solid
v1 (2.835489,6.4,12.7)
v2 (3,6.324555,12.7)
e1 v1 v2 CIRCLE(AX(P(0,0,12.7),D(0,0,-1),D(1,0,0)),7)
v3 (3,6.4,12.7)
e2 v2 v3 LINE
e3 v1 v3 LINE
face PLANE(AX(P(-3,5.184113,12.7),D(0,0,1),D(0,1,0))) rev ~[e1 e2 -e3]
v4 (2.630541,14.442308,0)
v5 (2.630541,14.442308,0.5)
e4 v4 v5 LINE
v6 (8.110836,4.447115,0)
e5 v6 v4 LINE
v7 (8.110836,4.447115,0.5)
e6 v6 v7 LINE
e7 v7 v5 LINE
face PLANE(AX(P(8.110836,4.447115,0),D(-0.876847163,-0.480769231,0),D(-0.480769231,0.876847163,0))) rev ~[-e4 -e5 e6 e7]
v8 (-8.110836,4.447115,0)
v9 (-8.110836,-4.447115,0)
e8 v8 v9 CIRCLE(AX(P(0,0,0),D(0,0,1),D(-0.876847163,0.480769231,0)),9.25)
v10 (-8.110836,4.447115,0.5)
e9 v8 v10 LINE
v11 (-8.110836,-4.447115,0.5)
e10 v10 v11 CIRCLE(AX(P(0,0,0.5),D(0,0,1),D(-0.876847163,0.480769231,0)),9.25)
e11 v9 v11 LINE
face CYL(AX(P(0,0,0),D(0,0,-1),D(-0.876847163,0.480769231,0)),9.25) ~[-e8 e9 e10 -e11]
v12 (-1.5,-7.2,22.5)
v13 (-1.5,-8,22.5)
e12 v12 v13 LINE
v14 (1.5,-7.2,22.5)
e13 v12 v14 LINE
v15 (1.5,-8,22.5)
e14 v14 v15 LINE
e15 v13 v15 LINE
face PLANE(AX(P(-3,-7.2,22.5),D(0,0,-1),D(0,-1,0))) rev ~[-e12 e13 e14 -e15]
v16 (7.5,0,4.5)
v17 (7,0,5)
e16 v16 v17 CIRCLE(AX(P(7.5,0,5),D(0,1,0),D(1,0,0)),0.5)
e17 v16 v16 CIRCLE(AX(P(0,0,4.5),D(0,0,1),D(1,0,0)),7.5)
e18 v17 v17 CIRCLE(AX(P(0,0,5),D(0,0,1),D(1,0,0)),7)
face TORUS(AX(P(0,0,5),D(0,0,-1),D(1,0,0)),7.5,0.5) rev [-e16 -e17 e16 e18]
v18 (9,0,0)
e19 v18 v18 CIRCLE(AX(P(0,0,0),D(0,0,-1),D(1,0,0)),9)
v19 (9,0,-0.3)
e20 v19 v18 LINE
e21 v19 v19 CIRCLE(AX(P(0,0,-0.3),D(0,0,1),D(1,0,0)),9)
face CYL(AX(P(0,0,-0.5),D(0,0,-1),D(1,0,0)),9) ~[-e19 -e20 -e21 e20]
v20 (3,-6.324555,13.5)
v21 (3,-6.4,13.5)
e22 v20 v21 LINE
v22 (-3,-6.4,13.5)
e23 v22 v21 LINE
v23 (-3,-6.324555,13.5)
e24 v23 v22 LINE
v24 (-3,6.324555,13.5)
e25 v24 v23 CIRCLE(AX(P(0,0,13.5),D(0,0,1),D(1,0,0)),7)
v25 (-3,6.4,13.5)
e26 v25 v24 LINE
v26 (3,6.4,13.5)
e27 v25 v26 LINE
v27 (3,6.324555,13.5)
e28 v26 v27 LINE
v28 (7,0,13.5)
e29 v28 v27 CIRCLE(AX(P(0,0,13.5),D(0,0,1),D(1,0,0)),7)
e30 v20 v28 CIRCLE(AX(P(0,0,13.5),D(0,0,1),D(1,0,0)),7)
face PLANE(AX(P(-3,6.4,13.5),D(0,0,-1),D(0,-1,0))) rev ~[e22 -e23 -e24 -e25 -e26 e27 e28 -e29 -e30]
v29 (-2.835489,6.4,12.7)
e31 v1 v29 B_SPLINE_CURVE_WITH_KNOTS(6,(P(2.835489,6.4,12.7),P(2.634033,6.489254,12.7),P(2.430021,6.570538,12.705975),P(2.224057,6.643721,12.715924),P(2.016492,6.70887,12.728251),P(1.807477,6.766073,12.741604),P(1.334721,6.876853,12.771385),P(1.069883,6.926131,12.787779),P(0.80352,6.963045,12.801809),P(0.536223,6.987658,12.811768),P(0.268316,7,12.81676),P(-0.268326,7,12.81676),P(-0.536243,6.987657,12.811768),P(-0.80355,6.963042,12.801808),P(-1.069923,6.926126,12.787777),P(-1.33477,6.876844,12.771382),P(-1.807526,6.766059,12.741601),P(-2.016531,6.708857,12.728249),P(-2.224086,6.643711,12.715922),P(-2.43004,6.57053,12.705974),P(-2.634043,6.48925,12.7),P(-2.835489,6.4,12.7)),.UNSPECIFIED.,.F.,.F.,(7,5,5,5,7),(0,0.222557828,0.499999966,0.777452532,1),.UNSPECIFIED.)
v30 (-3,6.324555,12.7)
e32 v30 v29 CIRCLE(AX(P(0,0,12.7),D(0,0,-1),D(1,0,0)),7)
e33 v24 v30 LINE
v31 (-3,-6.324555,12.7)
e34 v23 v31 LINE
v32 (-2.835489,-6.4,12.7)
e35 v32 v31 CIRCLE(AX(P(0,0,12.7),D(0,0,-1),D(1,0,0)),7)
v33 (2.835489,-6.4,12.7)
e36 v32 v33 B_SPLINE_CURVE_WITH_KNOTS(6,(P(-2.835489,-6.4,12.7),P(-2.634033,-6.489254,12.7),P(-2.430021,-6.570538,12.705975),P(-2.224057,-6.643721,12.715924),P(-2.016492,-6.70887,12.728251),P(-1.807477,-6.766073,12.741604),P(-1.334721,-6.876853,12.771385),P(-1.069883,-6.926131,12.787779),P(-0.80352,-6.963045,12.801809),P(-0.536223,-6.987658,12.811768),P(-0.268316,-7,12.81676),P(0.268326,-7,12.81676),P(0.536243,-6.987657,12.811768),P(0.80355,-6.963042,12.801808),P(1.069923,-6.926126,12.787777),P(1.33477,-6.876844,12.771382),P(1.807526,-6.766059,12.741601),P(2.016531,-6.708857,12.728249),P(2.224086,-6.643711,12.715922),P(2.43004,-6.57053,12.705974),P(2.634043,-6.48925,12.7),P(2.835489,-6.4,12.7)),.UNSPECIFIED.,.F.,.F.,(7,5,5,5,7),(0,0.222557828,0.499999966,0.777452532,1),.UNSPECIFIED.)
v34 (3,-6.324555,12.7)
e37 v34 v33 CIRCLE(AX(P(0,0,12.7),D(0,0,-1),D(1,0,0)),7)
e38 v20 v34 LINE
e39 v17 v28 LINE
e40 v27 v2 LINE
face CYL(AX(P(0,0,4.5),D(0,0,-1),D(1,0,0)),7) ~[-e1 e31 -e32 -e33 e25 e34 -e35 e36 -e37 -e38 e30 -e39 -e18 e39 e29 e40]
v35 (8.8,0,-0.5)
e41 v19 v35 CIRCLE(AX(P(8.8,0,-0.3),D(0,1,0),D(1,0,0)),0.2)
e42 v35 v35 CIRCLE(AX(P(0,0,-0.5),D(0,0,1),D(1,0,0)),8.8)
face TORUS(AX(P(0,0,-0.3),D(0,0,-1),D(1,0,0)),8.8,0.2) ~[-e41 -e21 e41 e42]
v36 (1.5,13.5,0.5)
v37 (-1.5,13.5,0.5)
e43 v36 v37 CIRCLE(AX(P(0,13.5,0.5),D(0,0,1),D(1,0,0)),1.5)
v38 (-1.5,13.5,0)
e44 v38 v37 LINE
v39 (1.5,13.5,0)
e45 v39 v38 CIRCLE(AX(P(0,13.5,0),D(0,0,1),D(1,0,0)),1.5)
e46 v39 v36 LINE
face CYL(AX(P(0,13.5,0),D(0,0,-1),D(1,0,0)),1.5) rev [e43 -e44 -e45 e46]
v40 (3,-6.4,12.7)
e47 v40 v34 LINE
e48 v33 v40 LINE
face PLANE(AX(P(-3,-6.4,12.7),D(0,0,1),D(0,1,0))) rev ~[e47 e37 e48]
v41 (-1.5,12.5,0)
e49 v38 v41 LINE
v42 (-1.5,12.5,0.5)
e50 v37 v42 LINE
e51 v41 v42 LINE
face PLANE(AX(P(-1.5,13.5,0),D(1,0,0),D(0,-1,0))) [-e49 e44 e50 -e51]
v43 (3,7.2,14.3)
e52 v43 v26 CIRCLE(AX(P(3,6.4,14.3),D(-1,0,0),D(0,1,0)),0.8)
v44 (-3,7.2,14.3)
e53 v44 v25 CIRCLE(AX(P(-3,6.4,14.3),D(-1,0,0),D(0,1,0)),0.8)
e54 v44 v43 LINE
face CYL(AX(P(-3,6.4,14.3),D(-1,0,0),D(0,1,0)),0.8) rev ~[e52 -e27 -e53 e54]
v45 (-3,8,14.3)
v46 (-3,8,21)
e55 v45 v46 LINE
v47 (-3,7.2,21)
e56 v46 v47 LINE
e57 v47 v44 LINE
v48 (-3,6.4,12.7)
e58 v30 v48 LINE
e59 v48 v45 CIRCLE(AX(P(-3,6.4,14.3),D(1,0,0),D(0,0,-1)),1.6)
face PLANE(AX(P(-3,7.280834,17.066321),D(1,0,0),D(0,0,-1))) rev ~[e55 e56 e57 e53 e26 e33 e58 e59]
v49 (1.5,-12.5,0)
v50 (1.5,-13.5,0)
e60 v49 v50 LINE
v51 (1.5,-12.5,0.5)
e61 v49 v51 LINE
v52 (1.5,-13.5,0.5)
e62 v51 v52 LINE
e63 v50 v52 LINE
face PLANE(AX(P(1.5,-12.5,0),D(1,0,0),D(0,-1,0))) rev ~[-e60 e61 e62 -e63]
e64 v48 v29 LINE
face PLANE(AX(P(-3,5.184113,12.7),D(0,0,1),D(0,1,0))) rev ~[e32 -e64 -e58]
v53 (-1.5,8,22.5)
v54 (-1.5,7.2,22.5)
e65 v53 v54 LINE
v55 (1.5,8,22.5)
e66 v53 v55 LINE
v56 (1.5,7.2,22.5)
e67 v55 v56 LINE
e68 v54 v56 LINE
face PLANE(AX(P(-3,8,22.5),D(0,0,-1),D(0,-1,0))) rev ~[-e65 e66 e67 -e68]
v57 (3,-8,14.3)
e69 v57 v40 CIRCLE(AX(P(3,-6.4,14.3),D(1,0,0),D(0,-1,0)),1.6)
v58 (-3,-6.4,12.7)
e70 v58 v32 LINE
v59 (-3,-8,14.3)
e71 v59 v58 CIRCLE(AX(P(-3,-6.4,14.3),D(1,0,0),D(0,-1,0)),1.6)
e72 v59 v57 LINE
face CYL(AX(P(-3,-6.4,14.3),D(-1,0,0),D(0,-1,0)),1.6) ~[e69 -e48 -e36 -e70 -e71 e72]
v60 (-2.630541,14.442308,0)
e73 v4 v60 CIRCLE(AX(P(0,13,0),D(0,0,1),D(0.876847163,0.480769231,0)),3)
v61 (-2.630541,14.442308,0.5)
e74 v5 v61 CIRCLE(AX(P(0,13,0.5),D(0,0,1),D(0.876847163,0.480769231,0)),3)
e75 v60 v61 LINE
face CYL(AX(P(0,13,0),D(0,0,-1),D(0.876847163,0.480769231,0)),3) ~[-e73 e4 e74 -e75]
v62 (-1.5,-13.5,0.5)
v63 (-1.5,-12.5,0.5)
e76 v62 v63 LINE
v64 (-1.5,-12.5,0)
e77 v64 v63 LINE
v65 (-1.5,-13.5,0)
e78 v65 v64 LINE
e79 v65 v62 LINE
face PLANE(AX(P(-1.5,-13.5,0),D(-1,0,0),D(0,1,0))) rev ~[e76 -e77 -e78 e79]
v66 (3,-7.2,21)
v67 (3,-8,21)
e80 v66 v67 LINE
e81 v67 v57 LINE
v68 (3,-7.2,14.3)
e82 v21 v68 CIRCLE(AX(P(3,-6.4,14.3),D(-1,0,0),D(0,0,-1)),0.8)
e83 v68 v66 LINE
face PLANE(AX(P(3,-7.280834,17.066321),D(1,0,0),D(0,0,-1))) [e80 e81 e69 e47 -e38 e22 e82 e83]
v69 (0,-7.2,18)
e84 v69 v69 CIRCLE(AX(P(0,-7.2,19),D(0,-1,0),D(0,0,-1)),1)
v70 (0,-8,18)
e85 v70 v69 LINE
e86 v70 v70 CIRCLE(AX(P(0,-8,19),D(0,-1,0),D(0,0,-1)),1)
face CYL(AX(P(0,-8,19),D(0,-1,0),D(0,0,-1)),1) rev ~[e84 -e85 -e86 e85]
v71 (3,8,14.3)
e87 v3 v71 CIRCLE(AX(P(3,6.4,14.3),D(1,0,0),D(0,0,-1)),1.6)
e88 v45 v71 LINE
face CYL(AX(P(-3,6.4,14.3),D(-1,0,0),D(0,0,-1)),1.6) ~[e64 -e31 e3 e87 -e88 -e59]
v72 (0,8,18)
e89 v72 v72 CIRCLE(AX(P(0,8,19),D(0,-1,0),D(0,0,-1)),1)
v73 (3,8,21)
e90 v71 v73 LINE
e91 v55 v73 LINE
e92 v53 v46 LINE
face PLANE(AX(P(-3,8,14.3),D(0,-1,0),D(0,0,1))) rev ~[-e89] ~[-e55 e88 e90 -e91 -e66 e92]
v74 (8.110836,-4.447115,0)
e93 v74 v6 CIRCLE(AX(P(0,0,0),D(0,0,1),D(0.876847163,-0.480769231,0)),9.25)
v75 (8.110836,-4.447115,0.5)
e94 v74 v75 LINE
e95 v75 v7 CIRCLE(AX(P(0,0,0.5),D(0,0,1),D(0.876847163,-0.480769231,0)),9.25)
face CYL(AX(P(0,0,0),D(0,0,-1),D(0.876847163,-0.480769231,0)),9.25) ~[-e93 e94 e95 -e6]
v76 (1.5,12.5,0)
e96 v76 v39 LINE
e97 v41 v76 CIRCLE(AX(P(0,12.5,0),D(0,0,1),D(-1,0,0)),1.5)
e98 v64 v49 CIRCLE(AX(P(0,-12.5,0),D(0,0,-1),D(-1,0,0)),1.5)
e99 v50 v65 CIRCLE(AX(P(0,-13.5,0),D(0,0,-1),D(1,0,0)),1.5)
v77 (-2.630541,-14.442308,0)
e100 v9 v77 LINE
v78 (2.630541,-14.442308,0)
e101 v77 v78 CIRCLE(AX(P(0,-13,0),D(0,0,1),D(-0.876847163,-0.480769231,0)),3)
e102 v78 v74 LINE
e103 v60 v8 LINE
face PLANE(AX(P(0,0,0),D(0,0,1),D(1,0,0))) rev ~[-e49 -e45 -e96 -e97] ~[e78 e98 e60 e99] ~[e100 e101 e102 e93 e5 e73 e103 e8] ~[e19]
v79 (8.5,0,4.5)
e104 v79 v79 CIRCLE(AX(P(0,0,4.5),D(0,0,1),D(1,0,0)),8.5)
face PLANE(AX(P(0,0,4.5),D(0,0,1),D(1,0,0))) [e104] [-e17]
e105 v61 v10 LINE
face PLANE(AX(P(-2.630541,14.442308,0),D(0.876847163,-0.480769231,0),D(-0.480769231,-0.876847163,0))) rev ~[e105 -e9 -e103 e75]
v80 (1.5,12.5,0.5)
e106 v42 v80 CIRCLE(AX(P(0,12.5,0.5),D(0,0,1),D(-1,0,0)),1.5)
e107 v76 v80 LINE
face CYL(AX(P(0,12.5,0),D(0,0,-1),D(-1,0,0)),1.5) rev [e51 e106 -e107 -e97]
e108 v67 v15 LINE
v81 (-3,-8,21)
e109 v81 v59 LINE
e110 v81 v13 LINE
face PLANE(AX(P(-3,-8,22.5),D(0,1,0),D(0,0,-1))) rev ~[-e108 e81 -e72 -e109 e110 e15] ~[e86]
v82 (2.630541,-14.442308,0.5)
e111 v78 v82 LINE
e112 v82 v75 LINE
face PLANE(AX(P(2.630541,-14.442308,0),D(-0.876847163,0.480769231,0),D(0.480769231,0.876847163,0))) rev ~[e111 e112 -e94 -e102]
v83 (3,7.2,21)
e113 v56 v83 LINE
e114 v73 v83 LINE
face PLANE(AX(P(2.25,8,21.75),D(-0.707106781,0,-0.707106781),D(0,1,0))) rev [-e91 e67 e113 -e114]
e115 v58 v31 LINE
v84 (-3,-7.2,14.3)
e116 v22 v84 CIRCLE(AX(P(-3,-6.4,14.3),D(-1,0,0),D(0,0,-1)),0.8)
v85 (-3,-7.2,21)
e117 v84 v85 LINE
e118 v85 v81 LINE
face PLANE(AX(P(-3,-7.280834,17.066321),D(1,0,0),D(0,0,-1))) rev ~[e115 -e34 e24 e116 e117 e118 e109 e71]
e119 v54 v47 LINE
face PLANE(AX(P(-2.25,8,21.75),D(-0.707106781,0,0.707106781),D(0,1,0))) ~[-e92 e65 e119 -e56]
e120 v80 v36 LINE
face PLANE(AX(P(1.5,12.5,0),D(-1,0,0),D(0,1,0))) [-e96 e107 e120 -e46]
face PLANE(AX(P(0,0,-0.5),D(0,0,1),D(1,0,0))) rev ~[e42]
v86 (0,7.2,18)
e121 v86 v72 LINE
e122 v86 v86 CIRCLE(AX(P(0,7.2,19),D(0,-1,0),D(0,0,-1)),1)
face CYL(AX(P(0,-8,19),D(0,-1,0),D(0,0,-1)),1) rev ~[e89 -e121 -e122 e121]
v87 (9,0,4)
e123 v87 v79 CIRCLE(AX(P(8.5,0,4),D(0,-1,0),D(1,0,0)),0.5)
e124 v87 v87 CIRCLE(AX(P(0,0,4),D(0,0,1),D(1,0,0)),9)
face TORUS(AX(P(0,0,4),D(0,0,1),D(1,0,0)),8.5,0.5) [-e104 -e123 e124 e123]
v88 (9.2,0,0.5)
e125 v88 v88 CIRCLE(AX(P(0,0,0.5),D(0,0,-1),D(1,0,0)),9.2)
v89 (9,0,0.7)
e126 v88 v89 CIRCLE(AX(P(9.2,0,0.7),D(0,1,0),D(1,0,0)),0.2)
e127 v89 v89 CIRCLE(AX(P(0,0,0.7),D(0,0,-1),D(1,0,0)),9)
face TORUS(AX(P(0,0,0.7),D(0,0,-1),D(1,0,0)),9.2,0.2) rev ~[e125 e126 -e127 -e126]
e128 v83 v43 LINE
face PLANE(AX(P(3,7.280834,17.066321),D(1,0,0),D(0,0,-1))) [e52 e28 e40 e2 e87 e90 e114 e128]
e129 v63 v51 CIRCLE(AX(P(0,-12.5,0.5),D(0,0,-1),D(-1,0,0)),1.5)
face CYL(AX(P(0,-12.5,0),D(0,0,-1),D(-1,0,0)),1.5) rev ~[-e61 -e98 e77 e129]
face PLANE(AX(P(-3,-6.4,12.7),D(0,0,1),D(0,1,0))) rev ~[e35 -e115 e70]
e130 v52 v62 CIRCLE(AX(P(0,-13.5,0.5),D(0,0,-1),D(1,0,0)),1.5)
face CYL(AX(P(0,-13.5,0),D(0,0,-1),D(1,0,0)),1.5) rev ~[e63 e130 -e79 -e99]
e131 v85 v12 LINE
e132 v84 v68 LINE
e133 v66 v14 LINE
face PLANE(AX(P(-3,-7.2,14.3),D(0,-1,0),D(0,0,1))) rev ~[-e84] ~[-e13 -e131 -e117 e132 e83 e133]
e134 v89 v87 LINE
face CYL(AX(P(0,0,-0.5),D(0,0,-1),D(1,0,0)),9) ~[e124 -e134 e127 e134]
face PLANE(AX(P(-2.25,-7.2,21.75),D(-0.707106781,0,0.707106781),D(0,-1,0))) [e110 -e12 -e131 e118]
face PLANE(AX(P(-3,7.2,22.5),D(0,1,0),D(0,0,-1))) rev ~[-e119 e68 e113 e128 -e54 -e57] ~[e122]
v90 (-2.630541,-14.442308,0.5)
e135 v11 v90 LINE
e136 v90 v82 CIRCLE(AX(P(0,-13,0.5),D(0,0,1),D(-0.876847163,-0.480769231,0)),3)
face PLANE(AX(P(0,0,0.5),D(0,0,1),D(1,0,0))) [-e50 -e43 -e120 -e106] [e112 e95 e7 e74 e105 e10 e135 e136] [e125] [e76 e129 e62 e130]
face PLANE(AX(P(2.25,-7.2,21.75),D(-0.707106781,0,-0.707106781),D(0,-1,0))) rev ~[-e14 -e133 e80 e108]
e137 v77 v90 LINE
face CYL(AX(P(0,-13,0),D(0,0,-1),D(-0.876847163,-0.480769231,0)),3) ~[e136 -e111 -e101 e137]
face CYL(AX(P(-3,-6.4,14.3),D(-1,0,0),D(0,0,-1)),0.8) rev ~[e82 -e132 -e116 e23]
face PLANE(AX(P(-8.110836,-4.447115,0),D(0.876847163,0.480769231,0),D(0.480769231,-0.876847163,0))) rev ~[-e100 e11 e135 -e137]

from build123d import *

# Parameters (mm, degrees)
EXTRUDE_1_DEPTH      = 0.5
EXTRUDE_2_DEPTH      = 4
EXTRUDE_2_DEPTH_BACK = 1
SKETCH_2_R           = 9
SKETCH_3_R           = 7
EXTRUDE_3_DEPTH      = 9
FILLET_1_R           = 0.2
FILLET_2_R           = 0.5
EXTRUDE_4_DEPTH      = 3
EXTRUDE_4_DEPTH_BACK = 3
SKETCH_5_R           = 1
CUT_EXTRUDE_1_DEPTH  = 20
CHAMFER_1_SIZE       = 1.5


with BuildPart() as part:
    # Эскиз1 → Вытянуть1 (new body)
    with BuildSketch(Plane.XY):
        with BuildLine():
            Line((-2.630541488, 14.442307692), (-8.110836255, 4.447115385))
            ThreePointArc((-8.110836255, 4.447115385), (-9.25, 0), (-8.110836255, -4.447115385))
            Line((-8.110836255, -4.447115385), (-2.630541488, -14.442307692))
            ThreePointArc((-2.630541488, -14.442307692), (0, -16), (2.630541488, -14.442307692))
            Line((2.630541488, -14.442307692), (8.110836255, -4.447115385))
            ThreePointArc((8.110836255, -4.447115385), (9.25, 0), (8.110836255, 4.447115385))
            Line((8.110836255, 4.447115385), (2.630541488, 14.442307692))
            ThreePointArc((2.630541488, 14.442307692), (0, 16), (-2.630541488, 14.442307692))
        make_face()
        with BuildLine():
            Line((1.5, 12.5), (1.5, 13.5))
            ThreePointArc((1.5, 13.5), (0, 15), (-1.5, 13.5))
            Line((-1.5, 13.5), (-1.5, 12.5))
            ThreePointArc((-1.5, 12.5), (0, 11), (1.5, 12.5))
        make_face(mode=Mode.SUBTRACT)
        with BuildLine():
            Line((1.5, -12.5), (1.5, -13.5))
            ThreePointArc((1.5, -13.5), (0, -15), (-1.5, -13.5))
            Line((-1.5, -13.5), (-1.5, -12.5))
            ThreePointArc((-1.5, -12.5), (0, -11), (1.5, -12.5))
        make_face(mode=Mode.SUBTRACT)
    extrude(amount=EXTRUDE_1_DEPTH)

    # Эскиз2 → Вытянуть2 (add, two sides: drawn at the far end of the back side and taken through both)
    with BuildSketch(Plane.XY.offset(0.5).offset(-EXTRUDE_2_DEPTH_BACK)):
        Circle(SKETCH_2_R)
    extrude(amount=EXTRUDE_2_DEPTH + EXTRUDE_2_DEPTH_BACK)

    # Эскиз3 → Вытянуть3 (add)
    with BuildSketch(Plane.XY.offset(4.5)):
        Circle(SKETCH_3_R)
    extrude(amount=EXTRUDE_3_DEPTH)

    # Скругление1
    fillet_1_edges = [part.edges().sort_by_distance(p)[0] for p in [
        (-9, 0, 0.5),
        (-9, 0, -0.5),
    ]]
    fillet(fillet_1_edges, radius=FILLET_1_R)

    # Скругление2
    fillet_2_edges = [part.edges().sort_by_distance(p)[0] for p in [
        (-9, 0, 4.5),
        (-7, 0, 4.5),
    ]]
    fillet(fillet_2_edges, radius=FILLET_2_R)

    # Эскиз4 → Вытянуть4 (add, two sides: drawn at the far end of the back side and taken through both)
    with BuildSketch(Plane(origin=(0, 0, 0), x_dir=(0, 0, -1), z_dir=(1, 0, 0)).offset(-EXTRUDE_4_DEPTH_BACK)):
        with BuildLine():
            Line((-22.5, 7.2), (-14.3, 7.2))
            ThreePointArc((-14.3, 7.2), (-13.734314575, 6.965685425), (-13.5, 6.4))
            Line((-13.5, 6.4), (-13.5, 5.184112681))
            Line((-13.5, 5.184112681), (-12.7, 5.184112681))
            Line((-12.7, 5.184112681), (-12.7, 6.4))
            ThreePointArc((-12.7, 6.4), (-13.16862915, 7.53137085), (-14.3, 8))
            Line((-14.3, 8), (-22.5, 8))
            Line((-22.5, 8), (-22.5, 7.2))
        make_face()
        with BuildLine():
            Line((-13.5, -5.184112681), (-13.5, -6.4))
            ThreePointArc((-13.5, -6.4), (-13.734314575, -6.965685425), (-14.3, -7.2))
            Line((-14.3, -7.2), (-22.5, -7.2))
            Line((-22.5, -7.2), (-22.5, -8))
            Line((-22.5, -8), (-14.3, -8))
            ThreePointArc((-14.3, -8), (-13.16862915, -7.53137085), (-12.7, -6.4))
            Line((-12.7, -6.4), (-12.7, -5.184112681))
            Line((-12.7, -5.184112681), (-13.5, -5.184112681))
        make_face()
    extrude(amount=EXTRUDE_4_DEPTH + EXTRUDE_4_DEPTH_BACK)

    # Эскиз5 → Вырез-Вытянуть1 (cut)
    with BuildSketch(Plane.XZ.offset(8)):
        with Locations(Location((0, 19, 0), (0, 0, 270))):
            Circle(SKETCH_5_R)
    extrude(amount=-CUT_EXTRUDE_1_DEPTH, mode=Mode.SUBTRACT)

    # Фаска1
    chamfer_1_edges = [part.edges().sort_by_distance(p)[0] for p in [
        (3, -7.6, 22.5),
        (-3, -7.6, 22.5),
        (3, 7.6, 22.5),
        (-3, 7.6, 22.5),
    ]]
    chamfer(chamfer_1_edges, length=CHAMFER_1_SIZE)


solid = part.part
